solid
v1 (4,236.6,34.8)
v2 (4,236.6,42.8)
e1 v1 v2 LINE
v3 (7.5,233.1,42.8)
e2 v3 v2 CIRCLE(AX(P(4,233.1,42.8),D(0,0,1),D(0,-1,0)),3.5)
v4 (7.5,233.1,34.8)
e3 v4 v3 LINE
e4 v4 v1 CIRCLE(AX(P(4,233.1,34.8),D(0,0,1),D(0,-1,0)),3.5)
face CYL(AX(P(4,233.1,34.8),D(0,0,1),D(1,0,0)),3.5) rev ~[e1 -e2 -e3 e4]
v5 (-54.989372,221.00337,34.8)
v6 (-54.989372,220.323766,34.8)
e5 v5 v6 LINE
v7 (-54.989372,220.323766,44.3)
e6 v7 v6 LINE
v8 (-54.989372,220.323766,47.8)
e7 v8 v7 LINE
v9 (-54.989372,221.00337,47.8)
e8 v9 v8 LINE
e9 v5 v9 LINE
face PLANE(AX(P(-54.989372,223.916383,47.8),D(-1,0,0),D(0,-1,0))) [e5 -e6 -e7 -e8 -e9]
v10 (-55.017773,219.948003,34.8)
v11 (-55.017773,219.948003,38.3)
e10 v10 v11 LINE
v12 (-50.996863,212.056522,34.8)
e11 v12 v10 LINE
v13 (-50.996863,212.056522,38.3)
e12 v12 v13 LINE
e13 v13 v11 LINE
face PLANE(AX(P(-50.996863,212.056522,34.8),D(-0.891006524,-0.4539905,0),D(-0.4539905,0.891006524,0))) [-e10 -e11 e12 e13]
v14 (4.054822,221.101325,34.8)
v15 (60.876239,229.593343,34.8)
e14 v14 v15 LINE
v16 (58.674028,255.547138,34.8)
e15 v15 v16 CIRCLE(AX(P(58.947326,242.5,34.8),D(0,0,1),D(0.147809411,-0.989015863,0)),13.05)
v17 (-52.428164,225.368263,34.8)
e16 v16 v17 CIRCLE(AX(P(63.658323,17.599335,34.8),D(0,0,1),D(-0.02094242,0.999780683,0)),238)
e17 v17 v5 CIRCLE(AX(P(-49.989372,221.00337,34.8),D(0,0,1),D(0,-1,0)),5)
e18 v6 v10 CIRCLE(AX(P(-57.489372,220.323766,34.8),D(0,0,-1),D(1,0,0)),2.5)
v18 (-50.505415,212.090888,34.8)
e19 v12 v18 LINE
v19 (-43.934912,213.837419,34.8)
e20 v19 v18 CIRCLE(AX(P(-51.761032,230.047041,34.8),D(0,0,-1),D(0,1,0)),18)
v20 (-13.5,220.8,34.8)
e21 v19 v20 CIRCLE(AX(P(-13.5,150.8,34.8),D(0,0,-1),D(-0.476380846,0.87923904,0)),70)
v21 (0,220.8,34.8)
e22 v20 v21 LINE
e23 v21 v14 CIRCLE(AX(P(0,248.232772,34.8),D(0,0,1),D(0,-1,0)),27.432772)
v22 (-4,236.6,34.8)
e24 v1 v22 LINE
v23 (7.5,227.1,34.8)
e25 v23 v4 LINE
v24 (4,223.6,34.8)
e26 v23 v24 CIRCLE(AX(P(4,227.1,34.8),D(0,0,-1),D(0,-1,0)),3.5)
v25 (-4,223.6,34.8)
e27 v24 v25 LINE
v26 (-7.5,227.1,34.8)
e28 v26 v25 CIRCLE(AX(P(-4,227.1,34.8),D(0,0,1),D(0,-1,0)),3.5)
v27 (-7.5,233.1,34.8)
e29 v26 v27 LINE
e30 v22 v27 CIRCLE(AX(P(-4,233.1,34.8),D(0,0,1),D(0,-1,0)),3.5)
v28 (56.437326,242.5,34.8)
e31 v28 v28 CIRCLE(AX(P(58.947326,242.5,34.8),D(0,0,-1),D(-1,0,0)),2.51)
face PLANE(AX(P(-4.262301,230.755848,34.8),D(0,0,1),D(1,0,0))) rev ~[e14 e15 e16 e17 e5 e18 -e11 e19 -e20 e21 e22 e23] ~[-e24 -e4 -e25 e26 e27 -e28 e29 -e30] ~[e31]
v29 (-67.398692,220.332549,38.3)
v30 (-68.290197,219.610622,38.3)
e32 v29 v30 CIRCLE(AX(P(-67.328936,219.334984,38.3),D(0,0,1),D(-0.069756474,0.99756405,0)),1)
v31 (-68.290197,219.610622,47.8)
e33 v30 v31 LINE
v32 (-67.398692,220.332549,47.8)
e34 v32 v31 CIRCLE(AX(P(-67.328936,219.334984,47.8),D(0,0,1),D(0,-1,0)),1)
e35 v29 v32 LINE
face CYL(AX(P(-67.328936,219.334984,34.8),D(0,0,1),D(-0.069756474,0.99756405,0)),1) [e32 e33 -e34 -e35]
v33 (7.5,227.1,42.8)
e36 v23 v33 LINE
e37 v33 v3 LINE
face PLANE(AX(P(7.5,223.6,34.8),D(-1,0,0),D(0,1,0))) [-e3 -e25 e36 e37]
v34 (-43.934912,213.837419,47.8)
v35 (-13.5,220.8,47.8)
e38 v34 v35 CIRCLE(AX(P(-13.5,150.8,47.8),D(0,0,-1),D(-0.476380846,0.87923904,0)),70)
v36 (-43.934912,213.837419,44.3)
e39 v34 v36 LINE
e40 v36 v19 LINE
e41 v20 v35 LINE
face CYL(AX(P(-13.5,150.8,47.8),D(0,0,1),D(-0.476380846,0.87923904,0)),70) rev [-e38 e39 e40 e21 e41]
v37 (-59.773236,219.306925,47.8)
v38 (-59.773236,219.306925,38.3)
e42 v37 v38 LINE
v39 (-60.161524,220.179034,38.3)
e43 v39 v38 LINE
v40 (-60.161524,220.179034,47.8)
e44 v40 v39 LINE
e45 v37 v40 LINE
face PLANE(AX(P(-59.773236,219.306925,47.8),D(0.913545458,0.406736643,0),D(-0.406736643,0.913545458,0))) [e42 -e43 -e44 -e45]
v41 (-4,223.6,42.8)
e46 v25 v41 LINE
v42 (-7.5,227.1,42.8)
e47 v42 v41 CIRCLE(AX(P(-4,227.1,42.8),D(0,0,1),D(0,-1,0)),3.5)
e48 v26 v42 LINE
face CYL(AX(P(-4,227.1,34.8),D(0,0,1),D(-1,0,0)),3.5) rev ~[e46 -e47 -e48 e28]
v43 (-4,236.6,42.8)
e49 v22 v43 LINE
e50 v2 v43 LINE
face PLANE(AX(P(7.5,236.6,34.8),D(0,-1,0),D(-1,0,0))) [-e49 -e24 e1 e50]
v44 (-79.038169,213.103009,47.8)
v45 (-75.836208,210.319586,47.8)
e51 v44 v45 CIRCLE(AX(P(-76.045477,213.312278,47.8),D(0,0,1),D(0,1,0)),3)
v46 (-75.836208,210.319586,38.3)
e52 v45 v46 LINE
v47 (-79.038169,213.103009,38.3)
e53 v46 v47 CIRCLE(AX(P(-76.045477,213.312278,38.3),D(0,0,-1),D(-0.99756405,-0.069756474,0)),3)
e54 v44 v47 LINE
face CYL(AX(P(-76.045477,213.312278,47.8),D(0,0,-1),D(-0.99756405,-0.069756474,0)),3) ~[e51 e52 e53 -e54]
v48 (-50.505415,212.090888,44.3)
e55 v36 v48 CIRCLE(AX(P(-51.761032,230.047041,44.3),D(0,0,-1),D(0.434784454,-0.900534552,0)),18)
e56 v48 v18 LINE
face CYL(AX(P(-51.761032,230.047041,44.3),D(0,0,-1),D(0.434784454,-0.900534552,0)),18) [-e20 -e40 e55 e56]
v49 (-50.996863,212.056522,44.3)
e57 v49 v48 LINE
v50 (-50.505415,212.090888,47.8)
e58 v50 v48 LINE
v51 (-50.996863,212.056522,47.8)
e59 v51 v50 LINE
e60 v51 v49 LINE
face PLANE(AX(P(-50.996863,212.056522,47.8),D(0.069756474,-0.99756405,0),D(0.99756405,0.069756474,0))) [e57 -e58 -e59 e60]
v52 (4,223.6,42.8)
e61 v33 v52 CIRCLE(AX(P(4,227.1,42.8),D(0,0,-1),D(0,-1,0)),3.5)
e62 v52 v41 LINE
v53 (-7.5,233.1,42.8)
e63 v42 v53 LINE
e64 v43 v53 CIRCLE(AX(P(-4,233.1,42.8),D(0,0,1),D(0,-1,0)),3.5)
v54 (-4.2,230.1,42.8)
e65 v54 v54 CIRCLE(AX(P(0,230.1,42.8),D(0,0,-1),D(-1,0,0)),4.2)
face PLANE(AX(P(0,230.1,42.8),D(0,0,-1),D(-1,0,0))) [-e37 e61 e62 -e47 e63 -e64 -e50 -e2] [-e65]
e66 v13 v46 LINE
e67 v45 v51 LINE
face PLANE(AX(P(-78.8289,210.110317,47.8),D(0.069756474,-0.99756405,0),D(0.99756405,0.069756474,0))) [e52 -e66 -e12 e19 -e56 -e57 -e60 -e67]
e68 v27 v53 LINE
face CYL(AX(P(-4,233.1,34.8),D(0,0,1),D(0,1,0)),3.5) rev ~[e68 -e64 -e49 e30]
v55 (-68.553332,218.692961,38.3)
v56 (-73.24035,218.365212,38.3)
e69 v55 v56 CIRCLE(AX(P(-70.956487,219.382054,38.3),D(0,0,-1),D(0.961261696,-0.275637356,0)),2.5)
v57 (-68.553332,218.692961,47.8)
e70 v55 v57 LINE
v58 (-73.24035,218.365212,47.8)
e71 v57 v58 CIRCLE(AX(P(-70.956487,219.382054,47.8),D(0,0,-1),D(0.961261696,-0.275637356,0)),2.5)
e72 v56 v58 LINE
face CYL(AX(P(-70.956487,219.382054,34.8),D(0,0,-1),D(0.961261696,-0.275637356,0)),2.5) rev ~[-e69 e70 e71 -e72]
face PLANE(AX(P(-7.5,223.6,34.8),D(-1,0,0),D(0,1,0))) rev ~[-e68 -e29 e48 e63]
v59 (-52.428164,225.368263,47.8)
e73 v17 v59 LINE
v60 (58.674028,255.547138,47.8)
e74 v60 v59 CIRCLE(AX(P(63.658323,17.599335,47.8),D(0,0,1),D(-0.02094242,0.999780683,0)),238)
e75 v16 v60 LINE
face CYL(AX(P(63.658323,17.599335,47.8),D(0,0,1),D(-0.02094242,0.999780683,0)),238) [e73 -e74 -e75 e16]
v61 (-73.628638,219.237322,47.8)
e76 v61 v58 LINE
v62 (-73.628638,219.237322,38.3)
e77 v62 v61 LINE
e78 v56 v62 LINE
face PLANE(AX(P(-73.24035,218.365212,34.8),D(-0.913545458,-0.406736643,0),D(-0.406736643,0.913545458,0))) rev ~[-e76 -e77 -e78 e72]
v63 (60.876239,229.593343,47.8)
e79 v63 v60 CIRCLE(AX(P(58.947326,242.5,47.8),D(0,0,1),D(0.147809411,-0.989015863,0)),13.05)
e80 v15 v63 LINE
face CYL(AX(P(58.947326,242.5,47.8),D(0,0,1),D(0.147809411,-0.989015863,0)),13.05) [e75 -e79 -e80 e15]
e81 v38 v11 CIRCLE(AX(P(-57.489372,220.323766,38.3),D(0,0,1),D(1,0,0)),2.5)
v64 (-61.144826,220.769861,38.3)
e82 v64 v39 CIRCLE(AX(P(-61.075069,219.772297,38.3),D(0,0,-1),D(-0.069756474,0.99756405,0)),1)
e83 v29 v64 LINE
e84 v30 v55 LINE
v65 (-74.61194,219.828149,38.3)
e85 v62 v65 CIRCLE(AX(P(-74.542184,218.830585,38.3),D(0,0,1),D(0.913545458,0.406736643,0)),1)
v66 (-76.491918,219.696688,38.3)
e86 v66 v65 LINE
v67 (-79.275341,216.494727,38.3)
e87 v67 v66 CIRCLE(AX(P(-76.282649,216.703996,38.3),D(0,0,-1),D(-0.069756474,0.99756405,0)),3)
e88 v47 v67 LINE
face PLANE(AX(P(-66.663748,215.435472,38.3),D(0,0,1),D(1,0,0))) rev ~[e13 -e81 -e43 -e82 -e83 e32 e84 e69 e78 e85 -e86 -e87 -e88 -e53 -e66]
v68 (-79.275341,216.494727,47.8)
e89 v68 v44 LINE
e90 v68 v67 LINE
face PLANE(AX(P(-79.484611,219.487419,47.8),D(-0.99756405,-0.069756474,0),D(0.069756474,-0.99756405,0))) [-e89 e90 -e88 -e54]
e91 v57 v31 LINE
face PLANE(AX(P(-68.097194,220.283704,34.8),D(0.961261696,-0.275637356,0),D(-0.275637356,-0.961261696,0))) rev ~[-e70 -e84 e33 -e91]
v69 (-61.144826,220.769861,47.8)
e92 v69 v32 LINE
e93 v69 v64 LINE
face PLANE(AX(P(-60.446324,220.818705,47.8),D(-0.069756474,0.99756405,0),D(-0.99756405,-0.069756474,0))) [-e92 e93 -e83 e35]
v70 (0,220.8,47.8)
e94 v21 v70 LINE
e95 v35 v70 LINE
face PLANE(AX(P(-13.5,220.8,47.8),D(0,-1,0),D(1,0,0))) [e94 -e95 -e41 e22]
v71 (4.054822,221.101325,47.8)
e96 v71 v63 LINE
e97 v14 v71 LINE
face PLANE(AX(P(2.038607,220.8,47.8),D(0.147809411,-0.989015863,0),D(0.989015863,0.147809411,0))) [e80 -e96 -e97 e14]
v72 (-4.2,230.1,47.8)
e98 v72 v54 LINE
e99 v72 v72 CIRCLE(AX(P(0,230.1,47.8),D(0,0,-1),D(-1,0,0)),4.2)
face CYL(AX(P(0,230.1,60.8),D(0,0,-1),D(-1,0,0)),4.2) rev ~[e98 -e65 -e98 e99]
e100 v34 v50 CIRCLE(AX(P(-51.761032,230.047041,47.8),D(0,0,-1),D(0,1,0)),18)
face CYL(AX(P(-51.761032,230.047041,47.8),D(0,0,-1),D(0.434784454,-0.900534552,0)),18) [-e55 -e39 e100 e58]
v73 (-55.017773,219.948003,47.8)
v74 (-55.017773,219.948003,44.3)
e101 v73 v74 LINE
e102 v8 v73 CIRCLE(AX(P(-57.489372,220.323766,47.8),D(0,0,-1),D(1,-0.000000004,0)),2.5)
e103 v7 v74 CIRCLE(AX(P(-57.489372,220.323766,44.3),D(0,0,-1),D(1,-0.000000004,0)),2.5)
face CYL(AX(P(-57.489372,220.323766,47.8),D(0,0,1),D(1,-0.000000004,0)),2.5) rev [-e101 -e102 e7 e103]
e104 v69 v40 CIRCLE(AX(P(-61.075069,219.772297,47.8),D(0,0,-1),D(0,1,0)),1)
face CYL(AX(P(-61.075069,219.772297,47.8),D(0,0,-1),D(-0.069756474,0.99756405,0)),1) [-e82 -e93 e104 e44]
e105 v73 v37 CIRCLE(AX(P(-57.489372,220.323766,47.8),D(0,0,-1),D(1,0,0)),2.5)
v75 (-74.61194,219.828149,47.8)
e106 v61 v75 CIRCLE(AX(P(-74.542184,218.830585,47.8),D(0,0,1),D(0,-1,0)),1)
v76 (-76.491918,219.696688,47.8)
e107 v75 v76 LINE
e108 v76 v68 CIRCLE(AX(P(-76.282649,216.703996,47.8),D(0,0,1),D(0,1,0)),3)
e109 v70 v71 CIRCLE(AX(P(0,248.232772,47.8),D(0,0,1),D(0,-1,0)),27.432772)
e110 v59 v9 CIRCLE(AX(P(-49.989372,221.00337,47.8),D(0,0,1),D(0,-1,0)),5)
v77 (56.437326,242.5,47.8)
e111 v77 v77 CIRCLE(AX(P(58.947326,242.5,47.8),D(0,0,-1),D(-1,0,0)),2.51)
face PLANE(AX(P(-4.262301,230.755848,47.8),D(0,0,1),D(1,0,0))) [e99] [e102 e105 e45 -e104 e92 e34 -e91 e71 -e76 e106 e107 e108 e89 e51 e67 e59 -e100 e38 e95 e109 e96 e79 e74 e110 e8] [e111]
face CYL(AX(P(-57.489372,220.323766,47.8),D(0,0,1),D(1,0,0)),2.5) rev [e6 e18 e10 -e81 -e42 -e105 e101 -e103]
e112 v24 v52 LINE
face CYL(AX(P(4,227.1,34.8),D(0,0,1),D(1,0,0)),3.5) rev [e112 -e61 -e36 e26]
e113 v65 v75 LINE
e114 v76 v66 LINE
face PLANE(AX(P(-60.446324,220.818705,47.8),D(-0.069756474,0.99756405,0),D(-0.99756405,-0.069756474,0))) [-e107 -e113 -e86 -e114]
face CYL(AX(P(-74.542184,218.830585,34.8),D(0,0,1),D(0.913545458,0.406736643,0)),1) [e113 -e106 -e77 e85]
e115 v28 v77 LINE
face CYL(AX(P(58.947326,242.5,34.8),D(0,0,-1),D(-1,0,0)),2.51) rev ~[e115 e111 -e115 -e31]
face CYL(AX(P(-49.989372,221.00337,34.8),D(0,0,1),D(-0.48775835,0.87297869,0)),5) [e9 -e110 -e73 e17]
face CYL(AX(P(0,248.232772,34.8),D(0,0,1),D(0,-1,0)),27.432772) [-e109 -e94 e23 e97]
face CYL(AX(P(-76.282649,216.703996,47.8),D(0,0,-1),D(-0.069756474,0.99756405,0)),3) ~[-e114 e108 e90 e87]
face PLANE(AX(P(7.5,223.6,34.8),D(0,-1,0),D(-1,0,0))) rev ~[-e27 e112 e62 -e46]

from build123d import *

# Parameters (mm, degrees)
BOSS_EXTRUDE1_DEPTH          = 3.5
BOSS_EXTRUDE2_DEPTH          = 9.5
BOSS_EXTRUDE2_DEPTH_BACK     = 3.5
CUT_EXTRUDE1_DEPTH           = 268.941422383
SKETCH4_W                    = 15
SKETCH4_H                    = 13
CUT_EXTRUDE2_DEPTH           = 8
F_5_16_CLEARANCE_HOLE1_D     = 8.4
F_5_16_CLEARANCE_HOLE1_DEPTH = 13
FILLET1_R                    = 1
FILLET2_R                    = 3
FILLET3_R                    = 3.5
FILLET4_R                    = 5
FILLET5_R                    = 18
FILLET6_R                    = 27.432772437
SKETCH9_R                    = 2.51
CUT_EXTRUDE3_DEPTH           = 268.881580074
CUT_EXTRUDE4_DEPTH           = 3.5


with BuildPart() as part:
    # Sketch1 → Boss-Extrude1 (new body)
    with BuildSketch(Plane.XY.offset(47.8)):
        with BuildLine():
            Line((-55.017772963, 219.948002855), (-50.996862784, 212.056522295))
            Line((-50.996862784, 212.056522295), (-46.846659232, 212.346732798))
            ThreePointArc((-46.846659232, 212.346732798), (-30.700707895, 218.653781383), (-13.5, 220.8))
            Line((-13.5, 220.8), (2.038607139, 220.8))
            Line((2.038607139, 220.8), (60.876238897, 229.593342983))
            ThreePointArc((60.876238897, 229.593342983), (71.950599997, 243.603343771), (58.674027502, 255.547137919))
            ThreePointArc((58.674027502, 255.547137919), (-0.148756736, 246.886614708), (-54.989372002, 223.916383428))
            Line((-54.989372002, 223.916383428), (-54.989372002, 220.323766337))
            ThreePointArc((-54.989372002, 220.323766337), (-54.996482354, 220.13534871), (-55.017772963, 219.948002855))
        make_face()
    extrude(amount=-BOSS_EXTRUDE1_DEPTH)

    # Sketch2 → Boss-Extrude2 (add, two sides: drawn at the far end of the back side and taken through both)
    with BuildSketch(Plane(origin=(0, 0, 44.3), x_dir=(-1, 0, 0), z_dir=(0, 0, -1)).offset(-BOSS_EXTRUDE2_DEPTH_BACK)):
        with BuildLine():
            Line((60.44632379, 220.818705454), (79.484610639, 219.487418749))
            Line((79.484610639, 219.487418749), (78.828899786, 210.110316677))
            Line((78.828899786, 210.110316677), (46.846659232, 212.346732798))
            ThreePointArc((46.846659232, 212.346732798), (30.700707895, 218.653781383), (13.5, 220.8))
            Line((13.5, 220.8), (-2.038607139, 220.8))
            Line((-2.038607139, 220.8), (-60.876238897, 229.593342983))
            ThreePointArc((-60.876238897, 229.593342983), (-71.950599997, 243.603343771), (-58.674027502, 255.547137919))
            ThreePointArc((-58.674027502, 255.547137919), (0.148756736, 246.886614708), (54.989372002, 223.916383428))
            Line((54.989372002, 223.916383428), (54.989372002, 220.323766337))
            ThreePointArc((54.989372002, 220.323766337), (56.969592775, 217.878397335), (59.773235646, 219.306924729))
            Line((59.773235646, 219.306924729), (60.44632379, 220.818705454))
        make_face()
    extrude(amount=BOSS_EXTRUDE2_DEPTH + BOSS_EXTRUDE2_DEPTH_BACK)

    # Sketch3 → Cut-Extrude1 (cut, through all)
    with BuildSketch(Plane(origin=(0, 0, 34.8), x_dir=(-1, 0, 0), z_dir=(0, 0, -1))):
        with BuildLine():
            Line((73.913438469, 219.876993058), (68.097193955, 220.283704494))
            Line((68.097193955, 220.283704494), (68.55333244, 218.692960552))
            ThreePointArc((68.55333244, 218.692960552), (70.782095496, 216.888143816), (73.240350324, 218.365212333))
            Line((73.240350324, 218.365212333), (73.913438469, 219.876993058))
        make_face()
    extrude(amount=-CUT_EXTRUDE1_DEPTH, mode=Mode.SUBTRACT)

    # Sketch4 → Cut-Extrude2 (cut)
    with BuildSketch(Plane(origin=(0, 0, 34.8), x_dir=(-1, 0, 0), z_dir=(0, 0, -1))):
        with Locations((0, 230.1)):
            Rectangle(SKETCH4_W, SKETCH4_H)
    extrude(amount=-CUT_EXTRUDE2_DEPTH, mode=Mode.SUBTRACT)

    # 5/16 Clearance Hole1
    with Locations(Plane.XY.offset(47.8)):
        with Locations((0, 230.1)):
            Hole(F_5_16_CLEARANCE_HOLE1_D / 2, depth=F_5_16_CLEARANCE_HOLE1_DEPTH)

    # Fillet1
    fillet1_edges = [part.edges().sort_by_distance(p)[0] for p in [
        (-60.44632379, 220.818705454, 41.3),
        (-73.913438469, 219.876993058, 41.3),
        (-68.097193955, 220.283704494, 41.3),
    ]]
    fillet(fillet1_edges, radius=FILLET1_R)

    # Fillet2
    fillet2_edges = [part.edges().sort_by_distance(p)[0] for p in [
        (-79.484610639, 219.487418749, 41.3),
        (-78.828899786, 210.110316677, 41.3),
    ]]
    fillet(fillet2_edges, radius=FILLET2_R)

    # Fillet3
    fillet3_edges = [part.edges().sort_by_distance(p)[0] for p in [
        (-7.5, 236.6, 38.8),
        (-7.5, 223.6, 38.8),
        (7.5, 223.6, 38.8),
        (7.5, 236.6, 38.8),
    ]]
    fillet(fillet3_edges, radius=FILLET3_R)

    # Fillet4
    fillet4_edges = [part.edges().sort_by_distance(p)[0] for p in [
        (-54.989372002, 223.916383428, 41.3),
    ]]
    fillet(fillet4_edges, radius=FILLET4_R)

    # Fillet5
    fillet5_edges = [part.edges().sort_by_distance(p)[0] for p in [
        (-46.846659232, 212.346732798, 41.3),
    ]]
    fillet(fillet5_edges, radius=FILLET5_R)

    # Fillet6
    fillet6_edges = [part.edges().sort_by_distance(p)[0] for p in [
        (2.038607139, 220.8, 41.3),
    ]]
    fillet(fillet6_edges, radius=FILLET6_R)

    # Sketch9 → Cut-Extrude3 (cut, through all)
    with BuildSketch(Plane(origin=(0, 0, 34.8), x_dir=(-1, 0, 0), z_dir=(0, 0, -1))):
        with Locations((-58.947326081, 242.5)):
            Circle(SKETCH9_R)
    extrude(amount=-CUT_EXTRUDE3_DEPTH, mode=Mode.SUBTRACT)

    # Sketch10 → Cut-Extrude4 (cut)
    with BuildSketch(Plane(origin=(0, 0, 34.8), x_dir=(-1, 0, 0), z_dir=(0, 0, -1))):
        Polygon((50.996862784, 212.056522295), (55.017772963, 219.948002855), (56.636135003, 223.124217196), (80.862126047, 221.430170876), (79.948532306, 208.3651717), (50.433855775, 210.429038936), align=None)
    extrude(amount=-CUT_EXTRUDE4_DEPTH, mode=Mode.SUBTRACT)


solid = part.part
